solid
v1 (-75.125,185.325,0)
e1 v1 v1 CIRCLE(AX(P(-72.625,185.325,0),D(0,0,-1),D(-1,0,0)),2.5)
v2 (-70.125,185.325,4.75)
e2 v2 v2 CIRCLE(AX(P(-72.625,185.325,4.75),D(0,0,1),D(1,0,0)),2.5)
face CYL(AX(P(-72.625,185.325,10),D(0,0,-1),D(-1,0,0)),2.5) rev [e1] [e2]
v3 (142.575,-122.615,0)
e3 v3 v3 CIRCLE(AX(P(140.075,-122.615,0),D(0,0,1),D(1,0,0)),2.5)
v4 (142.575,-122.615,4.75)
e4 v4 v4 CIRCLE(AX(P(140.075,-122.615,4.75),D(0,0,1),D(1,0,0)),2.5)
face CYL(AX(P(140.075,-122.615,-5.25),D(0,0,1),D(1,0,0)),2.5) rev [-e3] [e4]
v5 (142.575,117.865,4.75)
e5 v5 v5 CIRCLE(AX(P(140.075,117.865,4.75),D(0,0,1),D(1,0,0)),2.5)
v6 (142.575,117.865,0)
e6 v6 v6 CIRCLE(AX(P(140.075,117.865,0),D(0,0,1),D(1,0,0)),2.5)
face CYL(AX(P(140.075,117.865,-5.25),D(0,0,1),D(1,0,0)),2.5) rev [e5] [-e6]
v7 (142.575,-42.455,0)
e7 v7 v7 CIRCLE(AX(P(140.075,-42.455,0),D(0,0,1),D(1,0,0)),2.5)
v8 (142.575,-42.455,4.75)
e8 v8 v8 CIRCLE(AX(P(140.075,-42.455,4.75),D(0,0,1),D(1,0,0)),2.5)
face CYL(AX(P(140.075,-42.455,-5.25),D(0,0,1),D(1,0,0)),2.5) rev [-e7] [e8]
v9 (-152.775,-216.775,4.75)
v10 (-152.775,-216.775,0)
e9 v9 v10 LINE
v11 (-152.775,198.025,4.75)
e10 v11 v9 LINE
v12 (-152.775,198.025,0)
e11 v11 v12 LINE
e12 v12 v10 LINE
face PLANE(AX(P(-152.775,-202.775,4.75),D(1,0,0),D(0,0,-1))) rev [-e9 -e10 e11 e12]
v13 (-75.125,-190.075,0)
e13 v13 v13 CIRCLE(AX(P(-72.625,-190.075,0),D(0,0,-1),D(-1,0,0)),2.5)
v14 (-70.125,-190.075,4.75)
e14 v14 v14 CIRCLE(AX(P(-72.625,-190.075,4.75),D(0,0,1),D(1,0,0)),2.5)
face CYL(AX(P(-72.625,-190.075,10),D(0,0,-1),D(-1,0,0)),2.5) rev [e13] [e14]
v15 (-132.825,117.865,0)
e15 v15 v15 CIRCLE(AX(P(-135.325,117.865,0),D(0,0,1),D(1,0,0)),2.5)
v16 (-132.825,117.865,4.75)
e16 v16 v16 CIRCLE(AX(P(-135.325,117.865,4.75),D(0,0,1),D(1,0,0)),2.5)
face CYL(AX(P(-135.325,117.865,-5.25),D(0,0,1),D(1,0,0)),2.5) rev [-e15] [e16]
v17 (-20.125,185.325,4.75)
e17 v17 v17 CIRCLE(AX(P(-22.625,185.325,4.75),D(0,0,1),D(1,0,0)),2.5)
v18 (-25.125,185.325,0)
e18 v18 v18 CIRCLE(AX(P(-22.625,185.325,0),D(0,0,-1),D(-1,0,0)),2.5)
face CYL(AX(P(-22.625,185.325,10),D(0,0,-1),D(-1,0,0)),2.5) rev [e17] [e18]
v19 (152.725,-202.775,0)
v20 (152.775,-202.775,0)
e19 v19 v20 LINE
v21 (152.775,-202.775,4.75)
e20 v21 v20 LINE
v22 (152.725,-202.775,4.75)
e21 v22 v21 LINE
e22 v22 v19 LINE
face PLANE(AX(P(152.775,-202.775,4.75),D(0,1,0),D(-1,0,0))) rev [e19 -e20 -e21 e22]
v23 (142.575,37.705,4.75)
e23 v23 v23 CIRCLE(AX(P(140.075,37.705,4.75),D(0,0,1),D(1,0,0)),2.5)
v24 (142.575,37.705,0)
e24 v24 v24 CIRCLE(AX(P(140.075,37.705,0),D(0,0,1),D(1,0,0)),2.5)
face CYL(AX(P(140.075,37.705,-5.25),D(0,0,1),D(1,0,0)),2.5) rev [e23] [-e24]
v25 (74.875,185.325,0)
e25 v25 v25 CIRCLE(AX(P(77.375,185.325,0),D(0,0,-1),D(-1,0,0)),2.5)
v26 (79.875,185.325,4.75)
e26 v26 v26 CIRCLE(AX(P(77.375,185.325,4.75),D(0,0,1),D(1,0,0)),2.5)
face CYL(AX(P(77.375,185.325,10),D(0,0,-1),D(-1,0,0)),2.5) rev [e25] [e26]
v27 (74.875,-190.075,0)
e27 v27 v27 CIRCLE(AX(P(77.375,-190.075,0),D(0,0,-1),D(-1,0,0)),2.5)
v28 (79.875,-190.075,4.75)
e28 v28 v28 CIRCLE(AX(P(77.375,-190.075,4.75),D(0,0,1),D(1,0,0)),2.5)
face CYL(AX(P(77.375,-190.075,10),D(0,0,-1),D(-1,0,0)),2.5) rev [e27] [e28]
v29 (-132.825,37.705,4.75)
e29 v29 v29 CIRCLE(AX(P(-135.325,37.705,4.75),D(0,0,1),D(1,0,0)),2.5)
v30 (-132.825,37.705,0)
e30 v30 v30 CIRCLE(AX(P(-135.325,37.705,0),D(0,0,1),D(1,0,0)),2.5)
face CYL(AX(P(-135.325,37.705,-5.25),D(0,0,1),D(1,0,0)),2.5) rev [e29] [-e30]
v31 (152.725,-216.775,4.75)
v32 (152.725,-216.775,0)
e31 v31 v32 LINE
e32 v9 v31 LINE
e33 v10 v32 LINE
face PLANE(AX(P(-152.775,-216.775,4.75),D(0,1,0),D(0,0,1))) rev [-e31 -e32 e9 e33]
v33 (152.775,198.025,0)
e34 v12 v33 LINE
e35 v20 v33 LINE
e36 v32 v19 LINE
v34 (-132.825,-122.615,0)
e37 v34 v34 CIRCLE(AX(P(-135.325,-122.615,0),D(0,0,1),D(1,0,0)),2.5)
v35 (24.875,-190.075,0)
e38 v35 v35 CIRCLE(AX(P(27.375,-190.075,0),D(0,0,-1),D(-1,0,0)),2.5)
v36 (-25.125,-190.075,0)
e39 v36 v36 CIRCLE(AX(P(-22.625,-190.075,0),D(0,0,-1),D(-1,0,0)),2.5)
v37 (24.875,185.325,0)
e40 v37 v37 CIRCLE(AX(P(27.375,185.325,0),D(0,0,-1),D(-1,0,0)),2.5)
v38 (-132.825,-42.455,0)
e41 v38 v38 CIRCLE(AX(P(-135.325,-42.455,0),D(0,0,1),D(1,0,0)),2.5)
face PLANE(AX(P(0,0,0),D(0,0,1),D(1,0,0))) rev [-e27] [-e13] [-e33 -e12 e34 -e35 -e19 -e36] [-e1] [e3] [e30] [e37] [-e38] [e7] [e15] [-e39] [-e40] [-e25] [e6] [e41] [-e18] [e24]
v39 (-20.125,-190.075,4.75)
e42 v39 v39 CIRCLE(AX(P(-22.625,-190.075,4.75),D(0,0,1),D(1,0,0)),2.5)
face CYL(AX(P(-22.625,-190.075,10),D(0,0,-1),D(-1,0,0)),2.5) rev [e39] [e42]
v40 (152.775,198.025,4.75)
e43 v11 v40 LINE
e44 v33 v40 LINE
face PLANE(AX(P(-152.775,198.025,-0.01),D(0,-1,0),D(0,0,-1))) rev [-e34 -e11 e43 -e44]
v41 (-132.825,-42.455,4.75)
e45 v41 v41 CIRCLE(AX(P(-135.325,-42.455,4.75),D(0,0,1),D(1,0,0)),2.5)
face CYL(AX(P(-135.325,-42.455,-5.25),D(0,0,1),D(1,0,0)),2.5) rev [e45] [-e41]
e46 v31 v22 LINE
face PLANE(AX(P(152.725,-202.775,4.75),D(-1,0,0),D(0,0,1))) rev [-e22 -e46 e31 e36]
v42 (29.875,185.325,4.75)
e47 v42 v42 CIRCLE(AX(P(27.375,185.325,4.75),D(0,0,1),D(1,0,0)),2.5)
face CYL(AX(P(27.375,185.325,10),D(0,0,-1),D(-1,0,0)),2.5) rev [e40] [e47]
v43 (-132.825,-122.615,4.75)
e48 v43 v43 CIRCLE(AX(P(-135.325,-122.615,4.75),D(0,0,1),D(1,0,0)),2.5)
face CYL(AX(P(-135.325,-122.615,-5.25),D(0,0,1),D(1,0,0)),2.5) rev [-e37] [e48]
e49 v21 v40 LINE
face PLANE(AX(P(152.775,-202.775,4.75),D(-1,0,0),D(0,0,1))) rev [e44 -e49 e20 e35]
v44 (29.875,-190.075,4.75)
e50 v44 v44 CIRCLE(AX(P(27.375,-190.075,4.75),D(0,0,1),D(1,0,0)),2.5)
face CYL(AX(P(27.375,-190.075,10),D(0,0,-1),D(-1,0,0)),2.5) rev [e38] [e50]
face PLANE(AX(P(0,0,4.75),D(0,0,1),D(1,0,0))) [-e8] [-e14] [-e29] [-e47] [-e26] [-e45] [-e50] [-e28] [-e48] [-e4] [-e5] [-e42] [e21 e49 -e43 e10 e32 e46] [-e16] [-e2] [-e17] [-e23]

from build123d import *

# Parameters (mm, degrees)
SKETCH_1_W                     = 305.55
SKETCH_1_H                     = 405.55
EXTRUDE_1_DEPTH                = 4.75
SKETCH_3_R                     = 2.5
CUT_EXTRUDE_1_DEPTH            = 10
SKETCH_5_R                     = 2.5
CUT_EXTRUDE_3_DEPTH            = 10
SKETCH_6_R                     = 2.5
CUT_EXTRUDE_4_DEPTH            = 10
SKETCH_7_R                     = 2.5
CUT_EXTRUDE_5_DEPTH            = 10
SPLIT_BODIES_1_SURFACE_1_BACK  = 508.793
SPLIT_BODIES_1_SURFACE_1_DEPTH = 1017.586
SKETCH_9_W                     = 305.5
SKETCH_9_H                     = 14
EXTRUDE_2_DEPTH                = 4.75


with BuildPart() as part:
    # 草圖1 → 填料-伸長1 (new body)
    with BuildSketch(Plane.XY):
        Rectangle(SKETCH_1_W, SKETCH_1_H)
    extrude(amount=EXTRUDE_1_DEPTH)

    # 草圖3 → 除料-伸長1 (cut)
    with BuildSketch(Plane.XY.offset(4.75)):
        with Locations((140.075, 37.705)):
            Circle(SKETCH_3_R)
        with Locations((140.075, 117.865)):
            Circle(SKETCH_3_R)
        with Locations((140.075, -42.455)):
            Circle(SKETCH_3_R)
        with Locations((140.075, -122.615)):
            Circle(SKETCH_3_R)
    extrude(amount=-CUT_EXTRUDE_1_DEPTH, mode=Mode.SUBTRACT)

    # 草圖5 → 除料-伸長3 (cut)
    with BuildSketch(Plane.XY.offset(4.75)):
        with Locations((-135.325, -122.615)):
            Circle(SKETCH_5_R)
        with Locations((-135.325, -42.455)):
            Circle(SKETCH_5_R)
        with Locations((-135.325, 37.705)):
            Circle(SKETCH_5_R)
        with Locations((-135.325, 117.865)):
            Circle(SKETCH_5_R)
    extrude(amount=-CUT_EXTRUDE_3_DEPTH, mode=Mode.SUBTRACT)

    # 草圖6 → 除料-伸長4 (cut)
    with BuildSketch(Plane(origin=(0, 0, 0), x_dir=(-1, 0, 0), z_dir=(0, 0, -1))):
        with Locations((22.625, 185.325)):
            Circle(SKETCH_6_R)
        with Locations((72.625, 185.325)):
            Circle(SKETCH_6_R)
        with Locations((-77.375, 185.325)):
            Circle(SKETCH_6_R)
        with Locations((-27.375, 185.325)):
            Circle(SKETCH_6_R)
    extrude(amount=-CUT_EXTRUDE_4_DEPTH, mode=Mode.SUBTRACT)

    # 草圖7 → 除料-伸長5 (cut)
    with BuildSketch(Plane(origin=(0, 0, 0), x_dir=(-1, 0, 0), z_dir=(0, 0, -1))):
        with Locations((-77.375, -190.075)):
            Circle(SKETCH_7_R)
        with Locations((-27.375, -190.075)):
            Circle(SKETCH_7_R)
        with Locations((22.625, -190.075)):
            Circle(SKETCH_7_R)
        with Locations((72.625, -190.075)):
            Circle(SKETCH_7_R)
    extrude(amount=-CUT_EXTRUDE_5_DEPTH, mode=Mode.SUBTRACT)

    # Split Bodies 1: cut with a surface, the side it looks to stays
    # Split Bodies 1 surface: a surface, the sketch's curves swept straight by 1017.586 mm
    with BuildLine(Plane.XY.offset(4.75).offset(-SPLIT_BODIES_1_SURFACE_1_BACK), mode=Mode.PRIVATE) as split_bodies_1_surface_1_path:
        Line((-152.775, 202.775), (152.775, 202.775))
        Line((152.775, 202.775), (152.775, 198.025))
        Line((152.775, 198.025), (-152.775, 198.025))
        Line((-152.775, 198.025), (-152.775, 202.775))
    split_bodies_1_surface_1 = Shell.extrude(split_bodies_1_surface_1_path.wire(), (0 * SPLIT_BODIES_1_SURFACE_1_DEPTH, 0 * SPLIT_BODIES_1_SURFACE_1_DEPTH, 1 * SPLIT_BODIES_1_SURFACE_1_DEPTH))
    split(bisect_by=split_bodies_1_surface_1, keep=Keep.TOP)

    # 草圖9 → 填料-伸長2 (add)
    with BuildSketch(Plane.XY):
        with Locations((-0.025, -209.775)):
            Rectangle(SKETCH_9_W, SKETCH_9_H)
    extrude(amount=EXTRUDE_2_DEPTH)


solid = part.part
